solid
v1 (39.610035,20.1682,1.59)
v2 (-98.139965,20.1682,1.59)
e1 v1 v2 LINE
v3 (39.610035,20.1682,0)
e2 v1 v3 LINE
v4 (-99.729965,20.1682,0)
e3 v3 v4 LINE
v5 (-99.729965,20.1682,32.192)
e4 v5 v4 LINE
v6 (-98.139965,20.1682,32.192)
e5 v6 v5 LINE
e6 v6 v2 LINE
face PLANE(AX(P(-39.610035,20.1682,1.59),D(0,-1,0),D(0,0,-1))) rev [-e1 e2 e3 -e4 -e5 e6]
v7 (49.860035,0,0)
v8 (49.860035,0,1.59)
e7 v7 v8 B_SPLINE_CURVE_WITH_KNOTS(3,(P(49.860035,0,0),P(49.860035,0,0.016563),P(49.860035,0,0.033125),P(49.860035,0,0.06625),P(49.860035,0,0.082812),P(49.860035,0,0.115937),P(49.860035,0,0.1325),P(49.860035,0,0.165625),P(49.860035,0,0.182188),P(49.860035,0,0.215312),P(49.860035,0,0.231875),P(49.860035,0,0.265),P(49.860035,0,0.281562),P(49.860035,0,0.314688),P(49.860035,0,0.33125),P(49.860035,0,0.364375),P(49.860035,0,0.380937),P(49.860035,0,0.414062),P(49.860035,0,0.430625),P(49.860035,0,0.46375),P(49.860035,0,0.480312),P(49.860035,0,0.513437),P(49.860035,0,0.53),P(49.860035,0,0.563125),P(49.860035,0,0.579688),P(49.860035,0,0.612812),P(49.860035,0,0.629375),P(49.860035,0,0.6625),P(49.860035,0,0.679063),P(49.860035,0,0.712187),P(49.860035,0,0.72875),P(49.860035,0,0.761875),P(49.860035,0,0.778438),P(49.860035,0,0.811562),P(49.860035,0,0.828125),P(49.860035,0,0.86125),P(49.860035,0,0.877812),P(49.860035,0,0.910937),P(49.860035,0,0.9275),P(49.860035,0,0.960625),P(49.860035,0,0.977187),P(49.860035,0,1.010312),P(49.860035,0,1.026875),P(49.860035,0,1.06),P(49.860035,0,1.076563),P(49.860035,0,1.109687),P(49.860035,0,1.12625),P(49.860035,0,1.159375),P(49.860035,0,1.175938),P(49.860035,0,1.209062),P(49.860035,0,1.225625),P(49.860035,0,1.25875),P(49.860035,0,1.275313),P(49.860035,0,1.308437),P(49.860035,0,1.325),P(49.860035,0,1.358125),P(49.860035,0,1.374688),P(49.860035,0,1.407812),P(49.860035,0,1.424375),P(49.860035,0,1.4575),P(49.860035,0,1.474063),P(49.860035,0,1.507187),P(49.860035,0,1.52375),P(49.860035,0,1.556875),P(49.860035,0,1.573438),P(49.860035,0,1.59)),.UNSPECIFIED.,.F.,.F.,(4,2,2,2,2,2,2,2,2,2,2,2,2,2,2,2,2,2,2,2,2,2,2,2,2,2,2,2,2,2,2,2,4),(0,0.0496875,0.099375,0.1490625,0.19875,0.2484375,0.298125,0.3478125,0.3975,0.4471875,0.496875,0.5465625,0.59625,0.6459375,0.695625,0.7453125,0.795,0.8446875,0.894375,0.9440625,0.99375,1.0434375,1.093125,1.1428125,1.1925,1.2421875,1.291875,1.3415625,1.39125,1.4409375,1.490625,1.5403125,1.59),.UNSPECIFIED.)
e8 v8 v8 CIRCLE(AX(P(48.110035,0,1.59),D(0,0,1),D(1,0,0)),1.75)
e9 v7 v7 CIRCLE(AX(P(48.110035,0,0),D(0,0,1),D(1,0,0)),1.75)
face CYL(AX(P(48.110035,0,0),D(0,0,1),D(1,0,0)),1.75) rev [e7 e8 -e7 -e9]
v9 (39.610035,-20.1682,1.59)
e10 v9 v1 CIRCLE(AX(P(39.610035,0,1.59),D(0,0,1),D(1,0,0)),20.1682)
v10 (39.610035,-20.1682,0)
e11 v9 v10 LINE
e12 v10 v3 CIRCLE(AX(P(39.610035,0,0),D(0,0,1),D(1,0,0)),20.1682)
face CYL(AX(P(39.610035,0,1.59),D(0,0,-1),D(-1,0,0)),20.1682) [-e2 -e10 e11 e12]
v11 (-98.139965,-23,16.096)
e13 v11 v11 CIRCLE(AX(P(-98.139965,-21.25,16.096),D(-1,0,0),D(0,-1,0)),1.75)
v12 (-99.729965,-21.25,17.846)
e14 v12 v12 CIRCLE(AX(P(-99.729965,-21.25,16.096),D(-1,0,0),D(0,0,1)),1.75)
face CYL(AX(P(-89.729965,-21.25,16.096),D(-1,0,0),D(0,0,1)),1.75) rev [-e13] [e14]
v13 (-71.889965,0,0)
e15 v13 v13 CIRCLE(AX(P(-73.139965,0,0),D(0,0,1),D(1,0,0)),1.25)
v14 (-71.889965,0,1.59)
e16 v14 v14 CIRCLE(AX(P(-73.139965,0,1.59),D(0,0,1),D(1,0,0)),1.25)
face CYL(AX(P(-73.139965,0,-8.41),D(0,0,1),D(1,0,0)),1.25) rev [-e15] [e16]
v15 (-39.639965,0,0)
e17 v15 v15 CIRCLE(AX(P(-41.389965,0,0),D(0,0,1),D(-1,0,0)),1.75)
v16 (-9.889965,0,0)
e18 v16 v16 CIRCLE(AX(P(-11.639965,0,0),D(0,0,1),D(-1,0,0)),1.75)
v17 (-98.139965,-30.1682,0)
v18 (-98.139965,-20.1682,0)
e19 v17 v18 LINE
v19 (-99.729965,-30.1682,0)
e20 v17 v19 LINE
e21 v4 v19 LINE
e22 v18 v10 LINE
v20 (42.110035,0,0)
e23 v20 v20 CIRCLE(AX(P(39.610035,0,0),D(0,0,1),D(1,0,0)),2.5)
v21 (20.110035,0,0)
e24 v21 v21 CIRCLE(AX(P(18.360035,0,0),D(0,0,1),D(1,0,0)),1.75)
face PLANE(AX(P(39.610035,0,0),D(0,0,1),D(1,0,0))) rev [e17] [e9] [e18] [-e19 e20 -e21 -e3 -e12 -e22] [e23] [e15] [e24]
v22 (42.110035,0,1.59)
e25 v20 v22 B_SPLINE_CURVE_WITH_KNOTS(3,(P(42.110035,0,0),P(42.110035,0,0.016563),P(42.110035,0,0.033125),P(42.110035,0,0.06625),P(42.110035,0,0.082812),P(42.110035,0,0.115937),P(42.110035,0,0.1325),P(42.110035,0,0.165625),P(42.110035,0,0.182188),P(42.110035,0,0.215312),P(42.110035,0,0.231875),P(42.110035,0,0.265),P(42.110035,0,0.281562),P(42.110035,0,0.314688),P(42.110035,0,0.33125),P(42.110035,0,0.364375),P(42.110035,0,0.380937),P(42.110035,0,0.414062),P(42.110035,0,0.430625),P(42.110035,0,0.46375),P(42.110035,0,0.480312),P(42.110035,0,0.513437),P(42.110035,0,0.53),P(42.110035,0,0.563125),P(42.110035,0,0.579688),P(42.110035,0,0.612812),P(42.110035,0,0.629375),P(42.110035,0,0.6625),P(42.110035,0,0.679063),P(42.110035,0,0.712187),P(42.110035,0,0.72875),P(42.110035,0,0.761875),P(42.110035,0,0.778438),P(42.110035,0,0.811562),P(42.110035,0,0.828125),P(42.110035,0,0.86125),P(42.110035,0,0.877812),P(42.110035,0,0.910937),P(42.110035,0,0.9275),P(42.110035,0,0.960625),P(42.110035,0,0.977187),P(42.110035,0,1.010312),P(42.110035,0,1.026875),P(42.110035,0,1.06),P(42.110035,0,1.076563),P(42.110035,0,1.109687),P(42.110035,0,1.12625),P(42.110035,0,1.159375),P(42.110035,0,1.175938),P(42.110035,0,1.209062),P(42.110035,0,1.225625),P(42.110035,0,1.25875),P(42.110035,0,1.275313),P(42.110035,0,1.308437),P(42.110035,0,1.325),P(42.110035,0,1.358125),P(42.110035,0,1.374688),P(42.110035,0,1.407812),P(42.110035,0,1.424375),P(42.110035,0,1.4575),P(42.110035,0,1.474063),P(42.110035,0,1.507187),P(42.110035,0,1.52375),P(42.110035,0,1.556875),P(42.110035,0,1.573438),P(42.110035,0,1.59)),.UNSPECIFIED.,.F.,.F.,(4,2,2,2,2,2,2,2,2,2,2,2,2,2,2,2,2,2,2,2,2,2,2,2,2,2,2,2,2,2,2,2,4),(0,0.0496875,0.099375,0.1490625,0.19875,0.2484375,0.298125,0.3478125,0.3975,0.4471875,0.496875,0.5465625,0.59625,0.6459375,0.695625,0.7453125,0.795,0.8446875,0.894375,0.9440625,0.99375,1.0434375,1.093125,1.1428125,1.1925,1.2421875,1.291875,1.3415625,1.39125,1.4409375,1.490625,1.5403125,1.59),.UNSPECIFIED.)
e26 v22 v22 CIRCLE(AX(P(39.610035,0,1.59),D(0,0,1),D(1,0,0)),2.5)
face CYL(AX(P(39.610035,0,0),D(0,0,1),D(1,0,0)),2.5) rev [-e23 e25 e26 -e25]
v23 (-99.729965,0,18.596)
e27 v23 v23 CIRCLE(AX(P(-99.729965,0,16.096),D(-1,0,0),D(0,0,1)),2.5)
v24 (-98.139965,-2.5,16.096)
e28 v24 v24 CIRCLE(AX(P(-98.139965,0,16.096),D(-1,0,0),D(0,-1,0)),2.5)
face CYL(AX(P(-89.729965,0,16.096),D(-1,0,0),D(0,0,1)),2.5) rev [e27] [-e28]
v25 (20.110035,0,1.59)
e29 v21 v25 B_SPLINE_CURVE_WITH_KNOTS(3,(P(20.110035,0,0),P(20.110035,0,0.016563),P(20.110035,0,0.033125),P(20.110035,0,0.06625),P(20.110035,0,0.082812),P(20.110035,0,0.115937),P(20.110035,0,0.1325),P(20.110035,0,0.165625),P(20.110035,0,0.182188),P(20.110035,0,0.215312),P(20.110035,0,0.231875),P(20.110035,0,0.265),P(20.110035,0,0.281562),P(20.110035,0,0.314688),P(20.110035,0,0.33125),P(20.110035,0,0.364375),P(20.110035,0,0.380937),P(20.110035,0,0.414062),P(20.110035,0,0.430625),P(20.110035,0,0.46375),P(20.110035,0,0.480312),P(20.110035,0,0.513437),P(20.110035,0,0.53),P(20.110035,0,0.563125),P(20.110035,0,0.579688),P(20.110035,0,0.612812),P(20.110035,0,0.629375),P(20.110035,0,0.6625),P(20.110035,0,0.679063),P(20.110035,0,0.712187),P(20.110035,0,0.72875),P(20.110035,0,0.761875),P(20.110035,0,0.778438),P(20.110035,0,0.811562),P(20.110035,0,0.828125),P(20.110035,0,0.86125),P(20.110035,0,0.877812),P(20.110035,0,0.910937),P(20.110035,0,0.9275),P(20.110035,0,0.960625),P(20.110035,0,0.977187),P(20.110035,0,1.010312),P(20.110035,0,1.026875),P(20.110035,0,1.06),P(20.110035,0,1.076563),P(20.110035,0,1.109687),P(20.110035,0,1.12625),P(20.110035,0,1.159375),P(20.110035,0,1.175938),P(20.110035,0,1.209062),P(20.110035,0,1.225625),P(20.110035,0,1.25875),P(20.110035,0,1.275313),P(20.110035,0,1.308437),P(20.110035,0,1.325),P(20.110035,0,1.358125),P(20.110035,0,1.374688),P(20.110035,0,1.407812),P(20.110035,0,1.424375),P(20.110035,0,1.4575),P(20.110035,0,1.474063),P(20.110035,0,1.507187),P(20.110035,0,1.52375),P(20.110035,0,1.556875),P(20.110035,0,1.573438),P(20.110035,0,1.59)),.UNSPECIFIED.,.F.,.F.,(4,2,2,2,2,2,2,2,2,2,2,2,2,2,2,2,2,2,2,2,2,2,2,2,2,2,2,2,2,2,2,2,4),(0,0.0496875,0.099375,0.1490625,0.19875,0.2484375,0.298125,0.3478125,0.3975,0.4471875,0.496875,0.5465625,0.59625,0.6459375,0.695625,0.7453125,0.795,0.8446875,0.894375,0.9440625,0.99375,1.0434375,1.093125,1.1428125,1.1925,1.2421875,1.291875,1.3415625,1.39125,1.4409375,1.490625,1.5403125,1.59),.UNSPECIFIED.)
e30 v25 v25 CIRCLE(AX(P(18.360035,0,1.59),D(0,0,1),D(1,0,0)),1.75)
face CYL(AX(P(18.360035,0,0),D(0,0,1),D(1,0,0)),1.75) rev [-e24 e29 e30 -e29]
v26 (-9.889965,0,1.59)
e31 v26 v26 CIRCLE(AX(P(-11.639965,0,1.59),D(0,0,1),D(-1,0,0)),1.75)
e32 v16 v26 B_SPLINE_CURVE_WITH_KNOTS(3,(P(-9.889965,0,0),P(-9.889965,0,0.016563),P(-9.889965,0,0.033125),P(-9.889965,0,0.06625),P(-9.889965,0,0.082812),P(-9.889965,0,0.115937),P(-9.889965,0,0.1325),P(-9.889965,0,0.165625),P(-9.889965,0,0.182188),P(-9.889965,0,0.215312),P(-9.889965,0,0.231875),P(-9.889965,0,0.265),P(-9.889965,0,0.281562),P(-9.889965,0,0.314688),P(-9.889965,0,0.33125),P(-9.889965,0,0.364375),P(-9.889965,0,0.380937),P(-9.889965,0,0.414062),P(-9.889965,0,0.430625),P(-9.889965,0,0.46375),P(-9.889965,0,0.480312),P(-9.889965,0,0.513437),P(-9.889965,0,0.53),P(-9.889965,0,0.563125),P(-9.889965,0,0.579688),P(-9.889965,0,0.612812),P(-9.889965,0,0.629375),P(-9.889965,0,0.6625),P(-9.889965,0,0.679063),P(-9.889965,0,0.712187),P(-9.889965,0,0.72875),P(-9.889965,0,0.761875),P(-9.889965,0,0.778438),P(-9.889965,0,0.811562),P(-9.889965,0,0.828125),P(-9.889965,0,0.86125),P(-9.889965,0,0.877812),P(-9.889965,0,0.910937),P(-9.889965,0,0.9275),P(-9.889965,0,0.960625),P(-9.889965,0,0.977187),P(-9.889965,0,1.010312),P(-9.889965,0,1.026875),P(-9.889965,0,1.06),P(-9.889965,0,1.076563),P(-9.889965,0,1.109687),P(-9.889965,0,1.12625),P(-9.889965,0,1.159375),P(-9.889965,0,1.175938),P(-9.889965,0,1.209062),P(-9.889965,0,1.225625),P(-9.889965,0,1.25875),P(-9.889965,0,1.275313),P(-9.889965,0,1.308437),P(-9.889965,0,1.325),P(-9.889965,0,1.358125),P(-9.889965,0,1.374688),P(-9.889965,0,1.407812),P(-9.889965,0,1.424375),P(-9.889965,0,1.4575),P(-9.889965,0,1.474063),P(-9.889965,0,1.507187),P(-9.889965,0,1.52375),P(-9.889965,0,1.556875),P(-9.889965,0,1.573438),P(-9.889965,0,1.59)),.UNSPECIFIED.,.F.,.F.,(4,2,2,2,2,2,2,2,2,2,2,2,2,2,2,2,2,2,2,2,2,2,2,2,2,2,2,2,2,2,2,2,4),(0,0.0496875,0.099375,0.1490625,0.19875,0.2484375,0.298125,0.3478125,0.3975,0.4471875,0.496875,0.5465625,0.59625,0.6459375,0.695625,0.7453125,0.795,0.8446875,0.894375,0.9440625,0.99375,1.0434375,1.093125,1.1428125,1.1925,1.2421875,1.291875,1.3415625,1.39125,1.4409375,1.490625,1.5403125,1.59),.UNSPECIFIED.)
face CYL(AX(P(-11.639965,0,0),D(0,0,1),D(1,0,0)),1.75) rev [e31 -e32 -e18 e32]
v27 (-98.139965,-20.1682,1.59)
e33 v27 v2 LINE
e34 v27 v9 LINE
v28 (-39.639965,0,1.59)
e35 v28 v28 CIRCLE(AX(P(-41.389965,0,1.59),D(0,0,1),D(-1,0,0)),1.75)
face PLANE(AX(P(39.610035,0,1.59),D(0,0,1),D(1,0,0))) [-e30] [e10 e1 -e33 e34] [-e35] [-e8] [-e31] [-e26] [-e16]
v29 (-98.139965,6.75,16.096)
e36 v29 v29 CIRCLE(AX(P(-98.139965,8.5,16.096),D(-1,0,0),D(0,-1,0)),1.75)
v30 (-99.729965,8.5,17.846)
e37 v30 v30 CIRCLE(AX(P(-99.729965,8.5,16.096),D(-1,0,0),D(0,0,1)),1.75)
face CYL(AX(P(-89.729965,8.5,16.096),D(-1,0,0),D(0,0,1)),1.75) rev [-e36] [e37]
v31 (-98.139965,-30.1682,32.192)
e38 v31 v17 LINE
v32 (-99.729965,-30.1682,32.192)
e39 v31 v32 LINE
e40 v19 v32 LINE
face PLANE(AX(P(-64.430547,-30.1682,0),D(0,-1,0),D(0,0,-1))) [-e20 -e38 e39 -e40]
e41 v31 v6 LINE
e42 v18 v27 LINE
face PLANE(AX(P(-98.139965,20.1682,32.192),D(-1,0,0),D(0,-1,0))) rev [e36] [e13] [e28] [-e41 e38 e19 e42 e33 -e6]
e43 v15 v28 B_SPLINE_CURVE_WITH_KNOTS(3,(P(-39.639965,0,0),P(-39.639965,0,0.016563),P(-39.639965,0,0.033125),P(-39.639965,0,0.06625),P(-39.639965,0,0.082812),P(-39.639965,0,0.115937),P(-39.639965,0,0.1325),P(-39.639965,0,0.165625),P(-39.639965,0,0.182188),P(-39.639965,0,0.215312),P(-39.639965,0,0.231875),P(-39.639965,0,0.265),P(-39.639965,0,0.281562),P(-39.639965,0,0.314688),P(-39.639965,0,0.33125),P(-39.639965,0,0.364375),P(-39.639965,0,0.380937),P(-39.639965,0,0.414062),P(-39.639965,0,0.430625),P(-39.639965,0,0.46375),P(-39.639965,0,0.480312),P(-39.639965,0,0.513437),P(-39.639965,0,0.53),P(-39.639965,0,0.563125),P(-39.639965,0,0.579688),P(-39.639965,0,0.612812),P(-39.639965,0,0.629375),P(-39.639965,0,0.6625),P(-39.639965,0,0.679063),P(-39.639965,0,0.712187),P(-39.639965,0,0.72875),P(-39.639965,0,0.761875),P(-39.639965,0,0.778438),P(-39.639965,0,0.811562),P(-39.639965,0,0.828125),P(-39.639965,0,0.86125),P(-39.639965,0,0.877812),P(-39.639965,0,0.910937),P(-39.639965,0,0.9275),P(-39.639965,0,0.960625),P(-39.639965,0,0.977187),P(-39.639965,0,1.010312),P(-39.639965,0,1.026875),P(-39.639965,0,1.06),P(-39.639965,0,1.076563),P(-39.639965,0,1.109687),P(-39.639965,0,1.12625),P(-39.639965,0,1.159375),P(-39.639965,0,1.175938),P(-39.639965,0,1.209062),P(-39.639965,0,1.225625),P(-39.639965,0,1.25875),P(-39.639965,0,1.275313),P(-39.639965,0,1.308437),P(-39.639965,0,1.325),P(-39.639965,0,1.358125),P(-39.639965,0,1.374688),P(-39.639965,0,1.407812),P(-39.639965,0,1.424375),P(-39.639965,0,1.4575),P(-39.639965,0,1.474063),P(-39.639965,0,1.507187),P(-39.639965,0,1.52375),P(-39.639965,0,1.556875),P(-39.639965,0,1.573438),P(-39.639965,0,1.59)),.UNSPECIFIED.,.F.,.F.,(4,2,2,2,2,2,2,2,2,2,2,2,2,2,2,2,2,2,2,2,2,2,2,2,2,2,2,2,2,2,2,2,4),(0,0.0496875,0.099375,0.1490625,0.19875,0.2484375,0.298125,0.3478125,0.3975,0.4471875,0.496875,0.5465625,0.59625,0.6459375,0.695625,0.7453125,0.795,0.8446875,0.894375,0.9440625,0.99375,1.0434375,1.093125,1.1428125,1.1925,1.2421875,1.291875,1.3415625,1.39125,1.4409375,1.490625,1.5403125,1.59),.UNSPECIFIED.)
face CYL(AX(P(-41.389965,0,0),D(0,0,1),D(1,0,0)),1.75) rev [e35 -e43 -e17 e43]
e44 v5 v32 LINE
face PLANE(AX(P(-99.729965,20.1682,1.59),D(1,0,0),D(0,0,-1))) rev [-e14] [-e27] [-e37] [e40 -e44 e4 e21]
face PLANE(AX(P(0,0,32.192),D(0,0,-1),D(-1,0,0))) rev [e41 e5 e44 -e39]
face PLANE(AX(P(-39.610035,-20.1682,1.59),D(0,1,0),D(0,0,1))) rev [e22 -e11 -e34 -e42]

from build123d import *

# Parameters (mm, degrees)
BOSS_EXTRUDE1_DEPTH = 1.59
SKETCH2_R           = 2.5
SKETCH2_R_2         = 1.75
CUT_EXTRUDE2_DEPTH  = 1.59
SKETCH3_W           = 1.59
SKETCH3_H           = 40.336400608
BOSS_EXTRUDE2_DEPTH = 30.602
SKETCH5_R           = 2.5
SKETCH5_R_2         = 1.75
CUT_EXTRUDE4_DEPTH  = 10
SKETCH6_W           = 32.192
SKETCH6_H           = 10
BOSS_EXTRUDE3_DEPTH = 1.59
SKETCH7_R           = 1.75
CUT_EXTRUDE5_DEPTH  = 10
SKETCH8_R           = 1.25
CUT_EXTRUDE6_DEPTH  = 10


with BuildPart() as part:
    # Sketch1 → Boss-Extrude1 (new body)
    with BuildSketch(Plane.XY):
        with BuildLine():
            Line((-39.610035237, 20.168200304), (39.610035237, 20.168200304))
            ThreePointArc((39.610035237, 20.168200304), (59.77823554, 0), (39.610035237, -20.168200304))
            Line((39.610035237, -20.168200304), (-39.610035237, -20.168200304))
            Line((-39.610035237, -20.168200304), (-99.729964763, -20.168200304))
            Line((-99.729964763, -20.168200304), (-99.729964763, 20.168200304))
            Line((-99.729964763, 20.168200304), (-39.610035237, 20.168200304))
        make_face()
    extrude(amount=BOSS_EXTRUDE1_DEPTH)

    # Sketch2 → Cut-Extrude2 (cut)
    with BuildSketch(Plane.XY.offset(1.59)):
        with Locations((39.610035237, 0)):
            Circle(SKETCH2_R)
        with Locations((48.110035237, 0)):
            Circle(SKETCH2_R_2)
        with Locations((18.360035237, 0)):
            Circle(SKETCH2_R_2)
        with Locations((-11.639964763, 0)):
            Circle(SKETCH2_R_2)
        with Locations((-41.389964763, 0)):
            Circle(SKETCH2_R_2)
    extrude(amount=-CUT_EXTRUDE2_DEPTH, mode=Mode.SUBTRACT)

    # Sketch3 → Boss-Extrude2 (add)
    with BuildSketch(Plane.XY.offset(1.59)):
        with Locations((-98.934964763, 0)):
            Rectangle(SKETCH3_W, SKETCH3_H)
    extrude(amount=BOSS_EXTRUDE2_DEPTH)

    # Sketch5 → Cut-Extrude4 (cut)
    with BuildSketch(Plane.ZY.offset(99.729964763)):
        with Locations((16.096, 0)):
            Circle(SKETCH5_R)
        with Locations((16.096, 8.5)):
            Circle(SKETCH5_R_2)
        with Locations((16.096, -21.25)):
            Circle(SKETCH5_R_2)
    extrude(amount=-CUT_EXTRUDE4_DEPTH, mode=Mode.SUBTRACT)

    # Sketch6 → Boss-Extrude3 (add)
    with BuildSketch(Plane.ZY.offset(99.729964763)):
        with Locations((16.096, -25.168200304)):
            Rectangle(SKETCH6_W, SKETCH6_H)
    extrude(amount=-BOSS_EXTRUDE3_DEPTH)

    # Sketch7 → Cut-Extrude5 (cut)
    with BuildSketch(Plane.ZY.offset(99.729964763)):
        with Locations((16.096, -21.25)):
            Circle(SKETCH7_R)
    extrude(amount=-CUT_EXTRUDE5_DEPTH, mode=Mode.SUBTRACT)

    # Sketch8 → Cut-Extrude6 (cut)
    with BuildSketch(Plane.XY.offset(1.59)):
        with Locations((-73.139964763, 0)):
            Circle(SKETCH8_R)
    extrude(amount=-CUT_EXTRUDE6_DEPTH, mode=Mode.SUBTRACT)


solid = part.part
